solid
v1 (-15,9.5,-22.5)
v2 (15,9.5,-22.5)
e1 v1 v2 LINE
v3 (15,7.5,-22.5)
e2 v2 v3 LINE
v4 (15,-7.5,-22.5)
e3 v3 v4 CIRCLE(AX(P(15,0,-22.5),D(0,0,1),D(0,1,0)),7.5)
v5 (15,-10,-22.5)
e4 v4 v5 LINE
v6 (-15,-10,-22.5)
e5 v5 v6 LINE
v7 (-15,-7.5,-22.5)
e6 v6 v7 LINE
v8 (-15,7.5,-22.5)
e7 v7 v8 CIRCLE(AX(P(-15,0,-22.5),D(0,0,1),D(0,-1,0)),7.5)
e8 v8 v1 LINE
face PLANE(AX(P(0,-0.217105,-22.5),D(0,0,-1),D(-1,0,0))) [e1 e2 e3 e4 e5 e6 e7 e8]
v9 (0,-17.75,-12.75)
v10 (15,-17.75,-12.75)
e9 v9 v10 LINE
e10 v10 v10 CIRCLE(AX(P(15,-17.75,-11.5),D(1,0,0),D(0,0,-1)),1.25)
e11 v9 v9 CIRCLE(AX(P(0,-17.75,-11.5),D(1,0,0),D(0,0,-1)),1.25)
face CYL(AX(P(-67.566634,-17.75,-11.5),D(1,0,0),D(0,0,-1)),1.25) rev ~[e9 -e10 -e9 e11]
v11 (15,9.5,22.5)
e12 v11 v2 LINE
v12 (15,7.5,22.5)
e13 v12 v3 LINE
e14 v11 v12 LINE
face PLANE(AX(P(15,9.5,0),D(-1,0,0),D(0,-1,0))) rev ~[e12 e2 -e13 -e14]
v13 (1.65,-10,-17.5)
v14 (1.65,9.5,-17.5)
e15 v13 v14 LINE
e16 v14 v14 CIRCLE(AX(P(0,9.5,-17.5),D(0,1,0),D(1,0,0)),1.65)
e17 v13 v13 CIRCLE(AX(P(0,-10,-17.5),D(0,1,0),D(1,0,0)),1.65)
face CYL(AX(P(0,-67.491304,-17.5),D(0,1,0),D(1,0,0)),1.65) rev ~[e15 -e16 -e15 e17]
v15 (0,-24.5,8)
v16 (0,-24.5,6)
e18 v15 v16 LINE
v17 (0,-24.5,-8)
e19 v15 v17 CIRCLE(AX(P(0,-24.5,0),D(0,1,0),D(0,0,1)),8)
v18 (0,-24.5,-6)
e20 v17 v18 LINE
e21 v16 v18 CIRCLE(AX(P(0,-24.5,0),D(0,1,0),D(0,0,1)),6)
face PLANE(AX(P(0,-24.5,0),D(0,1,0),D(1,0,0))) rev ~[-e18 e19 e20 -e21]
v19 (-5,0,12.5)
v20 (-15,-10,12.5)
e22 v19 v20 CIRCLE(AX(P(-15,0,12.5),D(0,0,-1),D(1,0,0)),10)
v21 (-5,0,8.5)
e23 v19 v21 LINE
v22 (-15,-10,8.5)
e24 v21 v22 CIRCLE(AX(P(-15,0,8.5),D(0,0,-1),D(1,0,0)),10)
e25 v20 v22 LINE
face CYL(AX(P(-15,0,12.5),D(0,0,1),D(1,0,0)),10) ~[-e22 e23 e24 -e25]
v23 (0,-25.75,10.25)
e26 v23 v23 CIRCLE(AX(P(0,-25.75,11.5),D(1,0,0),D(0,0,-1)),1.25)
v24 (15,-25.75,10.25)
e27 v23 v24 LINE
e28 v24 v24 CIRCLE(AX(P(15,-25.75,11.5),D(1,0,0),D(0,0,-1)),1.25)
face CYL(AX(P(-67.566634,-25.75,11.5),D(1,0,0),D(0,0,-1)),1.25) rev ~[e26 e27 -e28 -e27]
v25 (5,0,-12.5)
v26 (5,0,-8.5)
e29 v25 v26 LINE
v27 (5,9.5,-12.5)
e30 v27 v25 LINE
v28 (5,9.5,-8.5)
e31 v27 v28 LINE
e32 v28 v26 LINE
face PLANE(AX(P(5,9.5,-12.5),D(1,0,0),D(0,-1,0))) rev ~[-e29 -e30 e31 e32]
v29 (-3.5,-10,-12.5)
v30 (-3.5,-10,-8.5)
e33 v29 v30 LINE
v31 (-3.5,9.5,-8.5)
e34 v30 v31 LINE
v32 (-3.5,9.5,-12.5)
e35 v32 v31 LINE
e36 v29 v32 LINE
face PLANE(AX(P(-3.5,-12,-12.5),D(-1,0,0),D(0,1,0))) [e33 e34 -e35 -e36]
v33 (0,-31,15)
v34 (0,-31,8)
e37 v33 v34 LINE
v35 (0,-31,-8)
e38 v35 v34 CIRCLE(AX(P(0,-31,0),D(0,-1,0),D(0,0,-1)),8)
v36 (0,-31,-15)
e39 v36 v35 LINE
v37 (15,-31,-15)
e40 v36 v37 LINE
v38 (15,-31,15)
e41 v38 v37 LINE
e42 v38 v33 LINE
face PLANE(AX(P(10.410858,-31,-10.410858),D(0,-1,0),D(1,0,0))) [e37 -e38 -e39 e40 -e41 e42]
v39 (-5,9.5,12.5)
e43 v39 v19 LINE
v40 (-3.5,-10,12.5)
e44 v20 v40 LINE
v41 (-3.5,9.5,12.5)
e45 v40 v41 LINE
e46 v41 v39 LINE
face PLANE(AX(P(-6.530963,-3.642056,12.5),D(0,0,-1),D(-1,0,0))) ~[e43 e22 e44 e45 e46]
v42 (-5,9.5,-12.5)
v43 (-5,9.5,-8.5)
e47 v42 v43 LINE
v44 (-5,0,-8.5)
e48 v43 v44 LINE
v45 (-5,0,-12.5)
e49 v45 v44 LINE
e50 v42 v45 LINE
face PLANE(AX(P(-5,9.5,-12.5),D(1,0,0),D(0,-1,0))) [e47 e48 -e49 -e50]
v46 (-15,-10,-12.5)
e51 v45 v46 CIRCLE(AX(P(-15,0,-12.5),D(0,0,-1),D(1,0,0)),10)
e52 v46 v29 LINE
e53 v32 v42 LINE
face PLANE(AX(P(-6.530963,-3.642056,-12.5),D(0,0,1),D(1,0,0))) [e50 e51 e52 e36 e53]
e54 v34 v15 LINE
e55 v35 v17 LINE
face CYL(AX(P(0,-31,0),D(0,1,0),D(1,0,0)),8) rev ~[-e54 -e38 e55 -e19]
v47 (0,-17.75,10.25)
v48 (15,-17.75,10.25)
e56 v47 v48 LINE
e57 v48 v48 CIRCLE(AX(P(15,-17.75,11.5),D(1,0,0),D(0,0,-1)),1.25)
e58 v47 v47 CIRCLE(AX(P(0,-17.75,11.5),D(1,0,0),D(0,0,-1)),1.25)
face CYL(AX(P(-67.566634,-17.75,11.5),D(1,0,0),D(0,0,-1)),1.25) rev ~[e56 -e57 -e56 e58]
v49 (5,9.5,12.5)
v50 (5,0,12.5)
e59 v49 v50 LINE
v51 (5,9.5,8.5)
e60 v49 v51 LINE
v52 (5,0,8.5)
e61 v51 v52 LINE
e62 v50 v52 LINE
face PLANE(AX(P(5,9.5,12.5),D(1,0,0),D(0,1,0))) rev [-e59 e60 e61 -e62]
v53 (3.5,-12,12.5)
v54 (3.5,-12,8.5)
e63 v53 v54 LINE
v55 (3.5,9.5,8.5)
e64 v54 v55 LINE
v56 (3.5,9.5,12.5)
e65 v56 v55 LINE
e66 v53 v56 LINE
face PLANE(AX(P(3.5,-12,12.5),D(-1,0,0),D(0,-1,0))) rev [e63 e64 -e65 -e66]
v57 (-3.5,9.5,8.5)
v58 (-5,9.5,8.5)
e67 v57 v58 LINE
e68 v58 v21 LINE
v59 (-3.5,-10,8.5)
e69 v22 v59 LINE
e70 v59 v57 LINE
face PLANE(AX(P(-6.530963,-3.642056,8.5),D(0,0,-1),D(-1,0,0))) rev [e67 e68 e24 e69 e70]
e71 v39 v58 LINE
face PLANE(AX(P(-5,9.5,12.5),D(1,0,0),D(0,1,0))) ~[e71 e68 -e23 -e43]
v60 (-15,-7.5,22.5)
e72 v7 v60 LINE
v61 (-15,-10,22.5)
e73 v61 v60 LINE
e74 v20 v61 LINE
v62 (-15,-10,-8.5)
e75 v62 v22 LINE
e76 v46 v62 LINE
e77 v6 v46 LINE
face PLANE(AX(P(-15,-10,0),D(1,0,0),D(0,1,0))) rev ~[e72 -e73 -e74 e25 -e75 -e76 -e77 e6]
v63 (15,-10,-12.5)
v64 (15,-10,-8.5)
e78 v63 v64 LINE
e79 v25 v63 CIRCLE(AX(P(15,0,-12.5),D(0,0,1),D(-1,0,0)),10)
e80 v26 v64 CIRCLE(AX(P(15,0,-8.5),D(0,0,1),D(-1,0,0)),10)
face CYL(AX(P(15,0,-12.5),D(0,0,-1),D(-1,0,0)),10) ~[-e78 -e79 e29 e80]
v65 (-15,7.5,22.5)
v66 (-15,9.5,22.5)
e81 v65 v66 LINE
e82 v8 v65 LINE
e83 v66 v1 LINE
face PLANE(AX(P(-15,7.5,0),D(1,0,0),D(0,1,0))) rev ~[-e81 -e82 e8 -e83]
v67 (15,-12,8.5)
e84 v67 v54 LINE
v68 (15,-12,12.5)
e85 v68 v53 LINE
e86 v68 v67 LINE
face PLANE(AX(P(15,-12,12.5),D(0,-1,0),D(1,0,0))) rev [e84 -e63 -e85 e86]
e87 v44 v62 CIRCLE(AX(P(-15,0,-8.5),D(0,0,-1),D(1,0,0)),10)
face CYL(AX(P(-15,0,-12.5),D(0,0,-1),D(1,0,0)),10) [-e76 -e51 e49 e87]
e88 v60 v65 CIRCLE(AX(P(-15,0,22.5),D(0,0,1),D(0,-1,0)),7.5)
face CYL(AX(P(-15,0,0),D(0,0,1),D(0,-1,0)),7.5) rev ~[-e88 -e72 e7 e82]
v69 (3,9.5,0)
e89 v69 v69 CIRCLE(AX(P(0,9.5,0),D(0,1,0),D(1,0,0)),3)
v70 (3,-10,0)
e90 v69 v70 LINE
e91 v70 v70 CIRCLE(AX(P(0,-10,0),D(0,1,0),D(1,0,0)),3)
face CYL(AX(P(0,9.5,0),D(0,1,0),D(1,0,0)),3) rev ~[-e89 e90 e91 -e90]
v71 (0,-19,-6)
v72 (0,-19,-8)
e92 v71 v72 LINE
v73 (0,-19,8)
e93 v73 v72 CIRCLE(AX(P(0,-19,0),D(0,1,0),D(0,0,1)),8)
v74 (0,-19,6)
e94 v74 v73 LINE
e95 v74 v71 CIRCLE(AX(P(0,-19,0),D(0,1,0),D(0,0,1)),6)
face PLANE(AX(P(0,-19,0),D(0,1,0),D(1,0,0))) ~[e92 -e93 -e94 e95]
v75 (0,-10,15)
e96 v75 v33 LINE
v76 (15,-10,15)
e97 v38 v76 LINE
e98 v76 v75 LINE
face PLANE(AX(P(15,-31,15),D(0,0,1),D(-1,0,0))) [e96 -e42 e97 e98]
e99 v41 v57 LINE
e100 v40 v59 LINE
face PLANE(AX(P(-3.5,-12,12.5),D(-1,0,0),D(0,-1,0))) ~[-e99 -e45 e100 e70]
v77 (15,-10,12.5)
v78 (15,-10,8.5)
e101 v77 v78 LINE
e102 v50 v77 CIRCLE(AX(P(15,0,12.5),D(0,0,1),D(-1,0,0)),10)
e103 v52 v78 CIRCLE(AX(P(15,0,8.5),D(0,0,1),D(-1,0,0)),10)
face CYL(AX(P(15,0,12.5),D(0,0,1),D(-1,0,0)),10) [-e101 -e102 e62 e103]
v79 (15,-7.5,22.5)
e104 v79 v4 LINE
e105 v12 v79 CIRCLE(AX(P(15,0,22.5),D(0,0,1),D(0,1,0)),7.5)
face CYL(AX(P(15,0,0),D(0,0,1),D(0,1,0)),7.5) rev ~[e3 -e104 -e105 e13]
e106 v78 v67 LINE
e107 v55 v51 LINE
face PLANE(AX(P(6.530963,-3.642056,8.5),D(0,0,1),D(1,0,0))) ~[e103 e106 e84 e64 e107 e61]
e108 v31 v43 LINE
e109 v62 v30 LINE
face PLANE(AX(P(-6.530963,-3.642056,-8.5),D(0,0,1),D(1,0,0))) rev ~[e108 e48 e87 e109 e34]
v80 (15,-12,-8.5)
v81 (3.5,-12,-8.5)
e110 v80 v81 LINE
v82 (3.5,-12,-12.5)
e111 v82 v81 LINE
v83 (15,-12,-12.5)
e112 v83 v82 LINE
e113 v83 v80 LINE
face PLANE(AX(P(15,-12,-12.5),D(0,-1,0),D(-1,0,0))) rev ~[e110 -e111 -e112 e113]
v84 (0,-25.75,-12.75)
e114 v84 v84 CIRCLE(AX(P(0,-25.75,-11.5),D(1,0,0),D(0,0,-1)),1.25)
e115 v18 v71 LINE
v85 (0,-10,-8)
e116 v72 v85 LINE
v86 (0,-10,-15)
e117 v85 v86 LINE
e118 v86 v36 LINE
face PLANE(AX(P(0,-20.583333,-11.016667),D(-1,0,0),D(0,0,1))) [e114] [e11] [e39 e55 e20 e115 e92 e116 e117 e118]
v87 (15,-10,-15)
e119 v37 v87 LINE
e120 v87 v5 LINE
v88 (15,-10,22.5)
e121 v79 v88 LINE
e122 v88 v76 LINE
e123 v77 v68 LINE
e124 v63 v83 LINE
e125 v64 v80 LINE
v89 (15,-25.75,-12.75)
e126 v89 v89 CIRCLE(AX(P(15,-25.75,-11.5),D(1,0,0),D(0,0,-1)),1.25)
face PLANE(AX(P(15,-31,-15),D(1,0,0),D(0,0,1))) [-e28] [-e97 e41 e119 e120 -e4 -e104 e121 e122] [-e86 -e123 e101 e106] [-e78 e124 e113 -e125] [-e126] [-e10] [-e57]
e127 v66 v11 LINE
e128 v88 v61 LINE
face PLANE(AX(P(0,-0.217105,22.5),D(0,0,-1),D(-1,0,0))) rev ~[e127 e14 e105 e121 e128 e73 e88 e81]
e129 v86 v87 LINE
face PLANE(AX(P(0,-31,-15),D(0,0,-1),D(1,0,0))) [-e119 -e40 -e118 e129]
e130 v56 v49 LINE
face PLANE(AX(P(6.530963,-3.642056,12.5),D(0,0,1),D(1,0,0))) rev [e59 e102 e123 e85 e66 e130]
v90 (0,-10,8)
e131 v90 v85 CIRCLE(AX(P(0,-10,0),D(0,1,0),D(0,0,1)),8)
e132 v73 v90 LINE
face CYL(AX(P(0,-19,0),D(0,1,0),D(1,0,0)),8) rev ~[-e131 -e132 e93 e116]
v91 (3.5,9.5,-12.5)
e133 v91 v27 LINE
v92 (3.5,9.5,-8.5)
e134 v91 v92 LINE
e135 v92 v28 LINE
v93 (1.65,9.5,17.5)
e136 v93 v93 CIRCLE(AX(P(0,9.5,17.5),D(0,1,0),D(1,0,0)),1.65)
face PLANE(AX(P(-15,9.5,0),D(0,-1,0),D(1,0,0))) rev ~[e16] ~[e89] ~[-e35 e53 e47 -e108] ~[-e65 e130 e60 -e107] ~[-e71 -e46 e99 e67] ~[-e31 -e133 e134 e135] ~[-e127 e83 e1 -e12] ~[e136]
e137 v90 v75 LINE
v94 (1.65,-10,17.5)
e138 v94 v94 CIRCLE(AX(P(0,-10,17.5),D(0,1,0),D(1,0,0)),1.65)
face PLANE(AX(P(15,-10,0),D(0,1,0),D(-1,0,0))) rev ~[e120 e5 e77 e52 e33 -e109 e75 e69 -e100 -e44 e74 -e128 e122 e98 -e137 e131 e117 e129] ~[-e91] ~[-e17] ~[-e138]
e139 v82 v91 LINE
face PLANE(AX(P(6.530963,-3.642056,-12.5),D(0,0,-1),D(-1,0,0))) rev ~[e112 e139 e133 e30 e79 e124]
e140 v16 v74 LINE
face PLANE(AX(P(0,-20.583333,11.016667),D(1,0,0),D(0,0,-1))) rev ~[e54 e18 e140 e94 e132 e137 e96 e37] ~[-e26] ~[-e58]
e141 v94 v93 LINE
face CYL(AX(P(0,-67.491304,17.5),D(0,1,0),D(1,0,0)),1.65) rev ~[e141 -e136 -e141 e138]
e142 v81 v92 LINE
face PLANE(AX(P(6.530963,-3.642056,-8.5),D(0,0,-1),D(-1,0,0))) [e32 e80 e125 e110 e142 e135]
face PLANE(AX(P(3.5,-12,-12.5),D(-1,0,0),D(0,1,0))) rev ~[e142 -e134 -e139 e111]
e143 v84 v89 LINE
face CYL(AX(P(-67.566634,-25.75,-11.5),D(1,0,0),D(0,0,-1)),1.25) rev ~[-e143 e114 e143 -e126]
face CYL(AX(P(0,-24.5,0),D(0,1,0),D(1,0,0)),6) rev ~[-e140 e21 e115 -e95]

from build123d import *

# Parameters (mm, degrees)
BOSS_EXTRUDE1_DEPTH   = 22.5
M4X0_7_TAPPED_HOLE2_D = 3.3
REVOLVE1_ANGLE        = 180
BOSS_EXTRUDE4_REACH   = 42.5
M3X0_5_TAPPED_HOLE1_D = 2.5
SKETCH2_R             = 3
CUT_EXTRUDE1_DEPTH    = 50
CUT_EXTRUDE3_START    = -10
CUT_EXTRUDE3_DEPTH    = 4


with BuildPart() as part:
    # Sketch1 → Boss-Extrude1 (new body, symmetric)
    with BuildSketch(Plane.XY):
        with BuildLine():
            Line((-15, 7.5), (-15, 9.5))
            Line((-15, 9.5), (15, 9.5))
            Line((15, 9.5), (15, 7.5))
            ThreePointArc((15, 7.5), (7.5, 0), (15, -7.5))
            Line((15, -7.5), (15, -10))
            Line((15, -10), (-15, -10))
            Line((-15, -10), (-15, -7.5))
            ThreePointArc((-15, -7.5), (-7.5, 0), (-15, 7.5))
        make_face()
    extrude(amount=BOSS_EXTRUDE1_DEPTH, both=True)

    # M4x0.7 Tapped Hole2 (through all)
    with Locations(Plane(origin=(0, -10, 0), x_dir=(-1, 0, 0), z_dir=(0, -1, 0))):
        with Locations((0, -17.5), (0, 17.5)):
            Hole(M4X0_7_TAPPED_HOLE2_D / 2)

    # Sketch12 → Revolve1 (revolve, symmetric)
    with BuildSketch(Plane.XY) as revolve1_sk:
        Polygon((8, -31), (8, -24.5), (6, -24.5), (6, -19), (8, -19), (8, -10), (15, -10), (15, -31), align=None)
    revolve(axis=Axis((0, 0, 0), (0, -1, 0)), revolution_arc=REVOLVE1_ANGLE / 2)
    revolve(revolve1_sk.sketch, axis=Axis((0, 0, 0), (0, 1, 0)), revolution_arc=REVOLVE1_ANGLE / 2)

    # Sketch15 → Boss-Extrude4 (add, up to next)
    with BuildSketch(Plane.XZ.offset(31), mode=Mode.PRIVATE) as boss_extrude4_sk1:
        with BuildLine():
            Line((15, 15), (0, 15))
            ThreePointArc((0, 15), (10.606601729, 10.606601707), (15, -3.1e-08))
            Line((15, -3.1e-08), (15, 15))
        make_face()
    boss_extrude4_tool1 = extrude(boss_extrude4_sk1.sketch, amount=-BOSS_EXTRUDE4_REACH, mode=Mode.PRIVATE) - part.part
    add(boss_extrude4_tool1.solids().sort_by_distance((11.649481, -31, 11.649481))[0])
    # Sketch15 → Boss-Extrude4 (add, up to next)
    with BuildSketch(Plane.XZ.offset(31), mode=Mode.PRIVATE) as boss_extrude4_sk2:
        with BuildLine():
            Line((15, -15), (15, -3.1e-08))
            ThreePointArc((15, -3.1e-08), (10.606601707, -10.606601729), (0, -15))
            Line((0, -15), (15, -15))
        make_face()
    boss_extrude4_tool2 = extrude(boss_extrude4_sk2.sketch, amount=-BOSS_EXTRUDE4_REACH, mode=Mode.PRIVATE) - part.part
    add(boss_extrude4_tool2.solids().sort_by_distance((11.649481, -31, -11.649481))[0])

    # M3x0.5 Tapped Hole1 (through all)
    with Locations(Plane.ZY):
        with Locations((-11.5, -17.75), (-11.5, -25.75), (11.5, -25.75), (11.5, -17.75)):
            Hole(M3X0_5_TAPPED_HOLE1_D / 2)

    # Sketch2 → Cut-Extrude1 (cut)
    with BuildSketch(Plane(origin=(0, 9.5, 0), x_dir=(1, 0, 0), z_dir=(0, 1, 0))):
        Circle(SKETCH2_R)
    extrude(amount=-CUT_EXTRUDE1_DEPTH, mode=Mode.SUBTRACT)

    # Sketch11 → Cut-Extrude3 (cut)
    with BuildSketch(Plane(origin=(0, 0, -22.5), x_dir=(-1, 0, 0), z_dir=(0, 0, -1)).offset(CUT_EXTRUDE3_START)):
        with BuildLine():
            Line((-5, 9.5), (-5, 0))
            ThreePointArc((-5, 0), (-7.928932188, -7.071067812), (-15, -10))
            Line((-15, -10), (-15, -12))
            Line((-15, -12), (-3.5, -12))
            Line((-3.5, -12), (-3.5, -10))
            Line((-3.5, -10), (-3.5, 9.5))
            Line((-3.5, 9.5), (-5, 9.5))
        make_face()
        with BuildLine():
            Line((3.5, 9.5), (5, 9.5))
            Line((5, 9.5), (5, 0))
            ThreePointArc((5, 0), (7.928932188, -7.071067812), (15, -10))
            Line((15, -10), (15, -12))
            Line((15, -12), (3.5, -12))
            Line((3.5, -12), (3.5, -10))
            Line((3.5, -10), (3.5, 9.5))
        make_face()
    cut_extrude3 = extrude(amount=-CUT_EXTRUDE3_DEPTH, mode=Mode.SUBTRACT)

    # Mirror1: Cut-Extrude3 across plane
    add(cut_extrude3.mirror(Plane.XY), mode=Mode.SUBTRACT)


solid = part.part
